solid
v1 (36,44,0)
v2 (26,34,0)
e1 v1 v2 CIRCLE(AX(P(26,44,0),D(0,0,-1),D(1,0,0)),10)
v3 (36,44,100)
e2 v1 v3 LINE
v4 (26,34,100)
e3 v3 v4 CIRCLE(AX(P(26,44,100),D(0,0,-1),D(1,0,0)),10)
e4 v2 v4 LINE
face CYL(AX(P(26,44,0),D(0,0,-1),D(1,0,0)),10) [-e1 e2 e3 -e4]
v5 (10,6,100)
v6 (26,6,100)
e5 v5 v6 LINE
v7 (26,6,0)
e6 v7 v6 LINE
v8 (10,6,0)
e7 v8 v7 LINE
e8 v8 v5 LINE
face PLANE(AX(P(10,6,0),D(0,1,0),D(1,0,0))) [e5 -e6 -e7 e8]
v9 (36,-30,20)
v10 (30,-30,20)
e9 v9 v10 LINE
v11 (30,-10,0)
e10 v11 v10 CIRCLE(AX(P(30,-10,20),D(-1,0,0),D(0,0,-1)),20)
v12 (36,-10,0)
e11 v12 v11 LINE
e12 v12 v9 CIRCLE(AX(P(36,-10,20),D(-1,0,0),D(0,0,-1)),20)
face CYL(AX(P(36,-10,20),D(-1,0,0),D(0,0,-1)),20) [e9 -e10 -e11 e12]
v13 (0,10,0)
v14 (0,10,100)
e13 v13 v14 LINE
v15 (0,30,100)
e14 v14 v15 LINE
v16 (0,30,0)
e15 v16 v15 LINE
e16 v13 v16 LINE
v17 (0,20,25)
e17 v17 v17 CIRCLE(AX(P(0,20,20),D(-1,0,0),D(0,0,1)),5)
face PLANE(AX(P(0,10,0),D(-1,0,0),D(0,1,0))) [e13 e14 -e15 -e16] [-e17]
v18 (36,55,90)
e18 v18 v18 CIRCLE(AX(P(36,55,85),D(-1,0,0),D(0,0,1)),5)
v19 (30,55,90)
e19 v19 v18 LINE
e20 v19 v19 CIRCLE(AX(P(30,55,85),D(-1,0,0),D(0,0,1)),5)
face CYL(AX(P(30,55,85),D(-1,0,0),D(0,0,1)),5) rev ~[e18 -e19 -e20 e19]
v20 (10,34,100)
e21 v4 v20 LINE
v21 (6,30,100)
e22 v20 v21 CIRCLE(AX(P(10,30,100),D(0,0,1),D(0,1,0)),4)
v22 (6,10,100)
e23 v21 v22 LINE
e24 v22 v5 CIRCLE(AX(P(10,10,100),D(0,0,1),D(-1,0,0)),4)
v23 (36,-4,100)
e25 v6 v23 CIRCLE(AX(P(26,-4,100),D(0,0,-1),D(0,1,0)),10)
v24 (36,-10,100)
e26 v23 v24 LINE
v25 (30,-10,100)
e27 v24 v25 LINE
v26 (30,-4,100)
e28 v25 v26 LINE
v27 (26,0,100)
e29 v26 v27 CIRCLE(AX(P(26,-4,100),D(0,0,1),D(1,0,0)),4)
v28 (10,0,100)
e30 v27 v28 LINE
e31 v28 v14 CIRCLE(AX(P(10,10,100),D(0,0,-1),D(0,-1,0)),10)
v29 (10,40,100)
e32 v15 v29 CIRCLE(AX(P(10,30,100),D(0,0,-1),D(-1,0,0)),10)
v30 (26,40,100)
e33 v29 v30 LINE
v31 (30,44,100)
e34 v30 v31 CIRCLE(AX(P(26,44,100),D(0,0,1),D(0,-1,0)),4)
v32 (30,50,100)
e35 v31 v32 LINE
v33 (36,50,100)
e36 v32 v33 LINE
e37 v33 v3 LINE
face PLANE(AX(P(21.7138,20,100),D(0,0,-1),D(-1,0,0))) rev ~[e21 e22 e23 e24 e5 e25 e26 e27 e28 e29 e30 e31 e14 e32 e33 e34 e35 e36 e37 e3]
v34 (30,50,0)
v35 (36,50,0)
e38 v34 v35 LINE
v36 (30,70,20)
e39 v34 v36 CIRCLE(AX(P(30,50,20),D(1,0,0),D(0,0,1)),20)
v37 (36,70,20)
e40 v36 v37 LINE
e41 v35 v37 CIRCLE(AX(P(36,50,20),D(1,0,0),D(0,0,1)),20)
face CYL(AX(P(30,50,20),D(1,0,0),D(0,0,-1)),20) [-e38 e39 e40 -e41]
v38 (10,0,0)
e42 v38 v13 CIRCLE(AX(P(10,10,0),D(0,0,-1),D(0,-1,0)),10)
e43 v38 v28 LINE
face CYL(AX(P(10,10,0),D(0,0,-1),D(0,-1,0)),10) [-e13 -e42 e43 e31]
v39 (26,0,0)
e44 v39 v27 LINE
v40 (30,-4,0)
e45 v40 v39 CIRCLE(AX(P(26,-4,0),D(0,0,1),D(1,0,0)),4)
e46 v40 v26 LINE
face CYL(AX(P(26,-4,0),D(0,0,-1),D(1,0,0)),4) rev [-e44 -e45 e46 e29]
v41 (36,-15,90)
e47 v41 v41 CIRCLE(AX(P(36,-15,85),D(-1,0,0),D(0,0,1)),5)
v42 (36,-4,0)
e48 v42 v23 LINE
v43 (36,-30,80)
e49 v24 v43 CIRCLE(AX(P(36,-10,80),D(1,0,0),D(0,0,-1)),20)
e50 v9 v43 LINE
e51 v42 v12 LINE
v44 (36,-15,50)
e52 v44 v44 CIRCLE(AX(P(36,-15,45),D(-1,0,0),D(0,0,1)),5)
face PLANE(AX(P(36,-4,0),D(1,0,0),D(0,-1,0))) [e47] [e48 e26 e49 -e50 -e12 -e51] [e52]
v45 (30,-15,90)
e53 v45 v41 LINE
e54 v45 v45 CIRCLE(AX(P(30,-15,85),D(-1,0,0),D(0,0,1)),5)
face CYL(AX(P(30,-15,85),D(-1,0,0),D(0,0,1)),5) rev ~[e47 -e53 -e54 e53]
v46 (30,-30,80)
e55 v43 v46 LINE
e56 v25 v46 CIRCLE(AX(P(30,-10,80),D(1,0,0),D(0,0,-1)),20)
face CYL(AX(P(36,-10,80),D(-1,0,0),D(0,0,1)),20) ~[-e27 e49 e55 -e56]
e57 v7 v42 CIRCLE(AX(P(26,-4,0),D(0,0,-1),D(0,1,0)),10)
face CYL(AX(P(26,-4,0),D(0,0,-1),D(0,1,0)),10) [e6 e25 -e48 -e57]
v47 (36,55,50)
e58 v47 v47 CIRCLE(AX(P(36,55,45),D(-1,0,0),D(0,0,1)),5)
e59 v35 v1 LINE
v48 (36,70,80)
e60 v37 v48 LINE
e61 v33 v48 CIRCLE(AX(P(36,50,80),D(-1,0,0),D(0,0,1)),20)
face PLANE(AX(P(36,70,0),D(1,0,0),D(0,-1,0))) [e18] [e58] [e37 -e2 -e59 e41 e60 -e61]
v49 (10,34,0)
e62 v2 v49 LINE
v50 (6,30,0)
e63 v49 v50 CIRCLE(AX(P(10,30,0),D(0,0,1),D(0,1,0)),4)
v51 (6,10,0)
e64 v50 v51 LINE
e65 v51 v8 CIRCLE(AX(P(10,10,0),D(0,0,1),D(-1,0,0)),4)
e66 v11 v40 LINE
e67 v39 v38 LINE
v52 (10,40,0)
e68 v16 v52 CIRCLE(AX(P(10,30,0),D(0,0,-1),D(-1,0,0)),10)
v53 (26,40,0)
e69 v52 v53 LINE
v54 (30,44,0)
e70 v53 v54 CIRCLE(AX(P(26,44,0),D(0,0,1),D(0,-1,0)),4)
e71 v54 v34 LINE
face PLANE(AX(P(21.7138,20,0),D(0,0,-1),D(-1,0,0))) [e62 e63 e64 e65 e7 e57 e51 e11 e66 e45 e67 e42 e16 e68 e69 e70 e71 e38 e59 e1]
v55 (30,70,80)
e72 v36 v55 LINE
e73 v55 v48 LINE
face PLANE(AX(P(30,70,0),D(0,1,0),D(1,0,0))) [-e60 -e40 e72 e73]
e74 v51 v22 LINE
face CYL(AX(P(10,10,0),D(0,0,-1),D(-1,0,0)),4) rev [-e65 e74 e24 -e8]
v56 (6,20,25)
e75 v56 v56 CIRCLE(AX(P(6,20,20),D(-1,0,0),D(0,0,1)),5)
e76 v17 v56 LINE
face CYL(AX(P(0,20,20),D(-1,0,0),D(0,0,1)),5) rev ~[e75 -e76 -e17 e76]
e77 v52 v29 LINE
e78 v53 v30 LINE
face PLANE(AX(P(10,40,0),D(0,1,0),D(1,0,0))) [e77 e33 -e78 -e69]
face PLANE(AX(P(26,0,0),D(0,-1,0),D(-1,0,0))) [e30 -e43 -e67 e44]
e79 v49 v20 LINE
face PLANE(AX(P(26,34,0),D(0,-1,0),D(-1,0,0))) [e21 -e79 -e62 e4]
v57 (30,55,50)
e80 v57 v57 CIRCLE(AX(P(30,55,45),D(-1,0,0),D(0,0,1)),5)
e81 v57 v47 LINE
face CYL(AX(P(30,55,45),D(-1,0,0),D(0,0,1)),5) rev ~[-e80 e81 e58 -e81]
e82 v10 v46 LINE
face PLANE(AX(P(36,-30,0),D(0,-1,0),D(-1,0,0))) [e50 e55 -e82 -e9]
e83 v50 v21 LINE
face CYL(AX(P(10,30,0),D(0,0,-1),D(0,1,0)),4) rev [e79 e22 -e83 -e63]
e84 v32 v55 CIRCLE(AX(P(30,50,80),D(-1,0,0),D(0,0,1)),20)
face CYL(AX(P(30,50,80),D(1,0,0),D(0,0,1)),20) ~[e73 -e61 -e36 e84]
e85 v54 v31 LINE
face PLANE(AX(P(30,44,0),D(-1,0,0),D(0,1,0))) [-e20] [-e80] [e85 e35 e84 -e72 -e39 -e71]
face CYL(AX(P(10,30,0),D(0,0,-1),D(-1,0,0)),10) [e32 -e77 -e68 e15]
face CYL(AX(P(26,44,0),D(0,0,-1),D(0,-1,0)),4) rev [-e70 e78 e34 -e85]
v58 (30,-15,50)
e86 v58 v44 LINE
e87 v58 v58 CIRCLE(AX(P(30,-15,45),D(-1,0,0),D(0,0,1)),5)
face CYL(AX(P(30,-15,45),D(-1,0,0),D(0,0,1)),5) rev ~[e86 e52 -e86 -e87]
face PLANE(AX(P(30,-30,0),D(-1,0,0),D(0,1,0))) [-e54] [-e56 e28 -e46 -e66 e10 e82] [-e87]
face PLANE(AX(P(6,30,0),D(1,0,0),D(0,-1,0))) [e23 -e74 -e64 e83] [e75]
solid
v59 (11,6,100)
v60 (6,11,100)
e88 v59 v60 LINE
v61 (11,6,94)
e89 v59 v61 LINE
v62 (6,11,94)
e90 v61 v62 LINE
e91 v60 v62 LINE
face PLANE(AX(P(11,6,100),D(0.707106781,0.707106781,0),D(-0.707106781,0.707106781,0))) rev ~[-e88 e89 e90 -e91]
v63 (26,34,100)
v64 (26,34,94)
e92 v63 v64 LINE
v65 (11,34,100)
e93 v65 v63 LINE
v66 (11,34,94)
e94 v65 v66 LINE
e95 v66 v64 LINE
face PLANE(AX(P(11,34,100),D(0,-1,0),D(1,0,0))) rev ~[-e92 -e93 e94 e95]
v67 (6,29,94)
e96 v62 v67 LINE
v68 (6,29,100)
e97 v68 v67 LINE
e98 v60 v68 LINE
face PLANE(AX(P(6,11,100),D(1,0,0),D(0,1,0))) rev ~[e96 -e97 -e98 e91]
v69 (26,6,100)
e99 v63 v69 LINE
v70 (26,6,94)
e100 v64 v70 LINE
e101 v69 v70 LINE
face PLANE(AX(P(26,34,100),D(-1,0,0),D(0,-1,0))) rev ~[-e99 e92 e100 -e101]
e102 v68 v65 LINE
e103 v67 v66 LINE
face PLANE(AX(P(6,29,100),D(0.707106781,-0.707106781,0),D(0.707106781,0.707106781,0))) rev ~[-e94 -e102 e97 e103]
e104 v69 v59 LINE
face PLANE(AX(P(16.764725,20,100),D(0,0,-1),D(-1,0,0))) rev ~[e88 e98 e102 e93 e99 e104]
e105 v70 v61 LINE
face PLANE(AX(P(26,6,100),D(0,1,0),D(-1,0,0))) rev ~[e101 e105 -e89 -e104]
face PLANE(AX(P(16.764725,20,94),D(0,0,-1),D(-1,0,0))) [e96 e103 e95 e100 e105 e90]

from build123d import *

# Parameters (mm, degrees)
EXTRUDE_1_DEPTH     = 100
CUT_EXTRUDE_1_REACH = 38
SKETCH_2_R          = 5
CUT_EXTRUDE_2_REACH = 8
SKETCH_3_R          = 5
EXTRUDE_2_DEPTH     = 6
FILLET_1_R          = 20


with BuildPart() as part:
    # 草图1 → 凸台-拉伸1 (new body)
    with BuildSketch(Plane.XY):
        with BuildLine():
            Line((0, 10), (0, 30))
            ThreePointArc((0, 30), (2.928932188, 37.071067812), (10, 40))
            Line((10, 40), (26, 40))
            ThreePointArc((26, 40), (28.828427125, 41.171572875), (30, 44))
            Line((30, 44), (30, 70))
            Line((30, 70), (36, 70))
            Line((36, 70), (36, 44))
            ThreePointArc((36, 44), (33.071067812, 36.928932188), (26, 34))
            Line((26, 34), (10, 34))
            ThreePointArc((10, 34), (7.171572875, 32.828427125), (6, 30))
            Line((6, 30), (6, 10))
            ThreePointArc((6, 10), (7.171572875, 7.171572875), (10, 6))
            Line((10, 6), (26, 6))
            ThreePointArc((26, 6), (33.071067812, 3.071067812), (36, -4))
            Line((36, -4), (36, -30))
            Line((36, -30), (30, -30))
            Line((30, -30), (30, -4))
            ThreePointArc((30, -4), (28.828427125, -1.171572875), (26, 0))
            Line((26, 0), (10, 0))
            ThreePointArc((10, 0), (2.928932188, 2.928932188), (0, 10))
        make_face()
    extrude(amount=EXTRUDE_1_DEPTH)

    # 草图2 → 切除-拉伸1 (cut, up to next)
    with BuildSketch(Plane.ZY, mode=Mode.PRIVATE) as cut_extrude_1_sk1:
        with Locations((20, 20)):
            Circle(SKETCH_2_R)
    cut_extrude_1_tool1 = extrude(cut_extrude_1_sk1.sketch, amount=-CUT_EXTRUDE_1_REACH, mode=Mode.PRIVATE) & part.part
    add(cut_extrude_1_tool1.solids().sort_by_distance((0, 20, 20))[0], mode=Mode.SUBTRACT)

    # 草图3 → 切除-拉伸2 (cut, up to next)
    with BuildSketch(Plane.ZY.offset(-30), mode=Mode.PRIVATE) as cut_extrude_2_sk1:
        with Locations((85, 55)):
            Circle(SKETCH_3_R)
    cut_extrude_2_tool1 = extrude(cut_extrude_2_sk1.sketch, amount=-CUT_EXTRUDE_2_REACH, mode=Mode.PRIVATE) & part.part
    add(cut_extrude_2_tool1.solids().sort_by_distance((30, 55, 85))[0], mode=Mode.SUBTRACT)
    # 草图3 → 切除-拉伸2 (cut, up to next)
    with BuildSketch(Plane.ZY.offset(-30), mode=Mode.PRIVATE) as cut_extrude_2_sk2:
        with Locations((45, 55)):
            Circle(SKETCH_3_R)
    cut_extrude_2_tool2 = extrude(cut_extrude_2_sk2.sketch, amount=-CUT_EXTRUDE_2_REACH, mode=Mode.PRIVATE) & part.part
    add(cut_extrude_2_tool2.solids().sort_by_distance((30, 55, 45))[0], mode=Mode.SUBTRACT)
    # 草图3 → 切除-拉伸2 (cut, up to next)
    with BuildSketch(Plane.ZY.offset(-30), mode=Mode.PRIVATE) as cut_extrude_2_sk3:
        with Locations((45, -15)):
            Circle(SKETCH_3_R)
    cut_extrude_2_tool3 = extrude(cut_extrude_2_sk3.sketch, amount=-CUT_EXTRUDE_2_REACH, mode=Mode.PRIVATE) & part.part
    add(cut_extrude_2_tool3.solids().sort_by_distance((30, -15, 45))[0], mode=Mode.SUBTRACT)
    # 草图3 → 切除-拉伸2 (cut, up to next)
    with BuildSketch(Plane.ZY.offset(-30), mode=Mode.PRIVATE) as cut_extrude_2_sk4:
        with Locations((85, -15)):
            Circle(SKETCH_3_R)
    cut_extrude_2_tool4 = extrude(cut_extrude_2_sk4.sketch, amount=-CUT_EXTRUDE_2_REACH, mode=Mode.PRIVATE) & part.part
    add(cut_extrude_2_tool4.solids().sort_by_distance((30, -15, 85))[0], mode=Mode.SUBTRACT)

    # 圆角1
    fillet_1_edges = [part.edges().sort_by_distance(p)[0] for p in [
        (33, -30, 100),
        (33, 70, 0),
        (33, -30, 0),
        (33, 70, 100),
    ]]
    fillet(fillet_1_edges, radius=FILLET_1_R)


with BuildPart() as body_2:
    # 草图4 → 凸台-拉伸2 (new body)
    with BuildSketch(Plane.XY.offset(100)):
        Polygon((11, 34), (26, 34), (26, 6), (11, 6), (6, 11), (6, 29), align=None)
    extrude(amount=-EXTRUDE_2_DEPTH)


solid = Compound([part.part, body_2.part])
